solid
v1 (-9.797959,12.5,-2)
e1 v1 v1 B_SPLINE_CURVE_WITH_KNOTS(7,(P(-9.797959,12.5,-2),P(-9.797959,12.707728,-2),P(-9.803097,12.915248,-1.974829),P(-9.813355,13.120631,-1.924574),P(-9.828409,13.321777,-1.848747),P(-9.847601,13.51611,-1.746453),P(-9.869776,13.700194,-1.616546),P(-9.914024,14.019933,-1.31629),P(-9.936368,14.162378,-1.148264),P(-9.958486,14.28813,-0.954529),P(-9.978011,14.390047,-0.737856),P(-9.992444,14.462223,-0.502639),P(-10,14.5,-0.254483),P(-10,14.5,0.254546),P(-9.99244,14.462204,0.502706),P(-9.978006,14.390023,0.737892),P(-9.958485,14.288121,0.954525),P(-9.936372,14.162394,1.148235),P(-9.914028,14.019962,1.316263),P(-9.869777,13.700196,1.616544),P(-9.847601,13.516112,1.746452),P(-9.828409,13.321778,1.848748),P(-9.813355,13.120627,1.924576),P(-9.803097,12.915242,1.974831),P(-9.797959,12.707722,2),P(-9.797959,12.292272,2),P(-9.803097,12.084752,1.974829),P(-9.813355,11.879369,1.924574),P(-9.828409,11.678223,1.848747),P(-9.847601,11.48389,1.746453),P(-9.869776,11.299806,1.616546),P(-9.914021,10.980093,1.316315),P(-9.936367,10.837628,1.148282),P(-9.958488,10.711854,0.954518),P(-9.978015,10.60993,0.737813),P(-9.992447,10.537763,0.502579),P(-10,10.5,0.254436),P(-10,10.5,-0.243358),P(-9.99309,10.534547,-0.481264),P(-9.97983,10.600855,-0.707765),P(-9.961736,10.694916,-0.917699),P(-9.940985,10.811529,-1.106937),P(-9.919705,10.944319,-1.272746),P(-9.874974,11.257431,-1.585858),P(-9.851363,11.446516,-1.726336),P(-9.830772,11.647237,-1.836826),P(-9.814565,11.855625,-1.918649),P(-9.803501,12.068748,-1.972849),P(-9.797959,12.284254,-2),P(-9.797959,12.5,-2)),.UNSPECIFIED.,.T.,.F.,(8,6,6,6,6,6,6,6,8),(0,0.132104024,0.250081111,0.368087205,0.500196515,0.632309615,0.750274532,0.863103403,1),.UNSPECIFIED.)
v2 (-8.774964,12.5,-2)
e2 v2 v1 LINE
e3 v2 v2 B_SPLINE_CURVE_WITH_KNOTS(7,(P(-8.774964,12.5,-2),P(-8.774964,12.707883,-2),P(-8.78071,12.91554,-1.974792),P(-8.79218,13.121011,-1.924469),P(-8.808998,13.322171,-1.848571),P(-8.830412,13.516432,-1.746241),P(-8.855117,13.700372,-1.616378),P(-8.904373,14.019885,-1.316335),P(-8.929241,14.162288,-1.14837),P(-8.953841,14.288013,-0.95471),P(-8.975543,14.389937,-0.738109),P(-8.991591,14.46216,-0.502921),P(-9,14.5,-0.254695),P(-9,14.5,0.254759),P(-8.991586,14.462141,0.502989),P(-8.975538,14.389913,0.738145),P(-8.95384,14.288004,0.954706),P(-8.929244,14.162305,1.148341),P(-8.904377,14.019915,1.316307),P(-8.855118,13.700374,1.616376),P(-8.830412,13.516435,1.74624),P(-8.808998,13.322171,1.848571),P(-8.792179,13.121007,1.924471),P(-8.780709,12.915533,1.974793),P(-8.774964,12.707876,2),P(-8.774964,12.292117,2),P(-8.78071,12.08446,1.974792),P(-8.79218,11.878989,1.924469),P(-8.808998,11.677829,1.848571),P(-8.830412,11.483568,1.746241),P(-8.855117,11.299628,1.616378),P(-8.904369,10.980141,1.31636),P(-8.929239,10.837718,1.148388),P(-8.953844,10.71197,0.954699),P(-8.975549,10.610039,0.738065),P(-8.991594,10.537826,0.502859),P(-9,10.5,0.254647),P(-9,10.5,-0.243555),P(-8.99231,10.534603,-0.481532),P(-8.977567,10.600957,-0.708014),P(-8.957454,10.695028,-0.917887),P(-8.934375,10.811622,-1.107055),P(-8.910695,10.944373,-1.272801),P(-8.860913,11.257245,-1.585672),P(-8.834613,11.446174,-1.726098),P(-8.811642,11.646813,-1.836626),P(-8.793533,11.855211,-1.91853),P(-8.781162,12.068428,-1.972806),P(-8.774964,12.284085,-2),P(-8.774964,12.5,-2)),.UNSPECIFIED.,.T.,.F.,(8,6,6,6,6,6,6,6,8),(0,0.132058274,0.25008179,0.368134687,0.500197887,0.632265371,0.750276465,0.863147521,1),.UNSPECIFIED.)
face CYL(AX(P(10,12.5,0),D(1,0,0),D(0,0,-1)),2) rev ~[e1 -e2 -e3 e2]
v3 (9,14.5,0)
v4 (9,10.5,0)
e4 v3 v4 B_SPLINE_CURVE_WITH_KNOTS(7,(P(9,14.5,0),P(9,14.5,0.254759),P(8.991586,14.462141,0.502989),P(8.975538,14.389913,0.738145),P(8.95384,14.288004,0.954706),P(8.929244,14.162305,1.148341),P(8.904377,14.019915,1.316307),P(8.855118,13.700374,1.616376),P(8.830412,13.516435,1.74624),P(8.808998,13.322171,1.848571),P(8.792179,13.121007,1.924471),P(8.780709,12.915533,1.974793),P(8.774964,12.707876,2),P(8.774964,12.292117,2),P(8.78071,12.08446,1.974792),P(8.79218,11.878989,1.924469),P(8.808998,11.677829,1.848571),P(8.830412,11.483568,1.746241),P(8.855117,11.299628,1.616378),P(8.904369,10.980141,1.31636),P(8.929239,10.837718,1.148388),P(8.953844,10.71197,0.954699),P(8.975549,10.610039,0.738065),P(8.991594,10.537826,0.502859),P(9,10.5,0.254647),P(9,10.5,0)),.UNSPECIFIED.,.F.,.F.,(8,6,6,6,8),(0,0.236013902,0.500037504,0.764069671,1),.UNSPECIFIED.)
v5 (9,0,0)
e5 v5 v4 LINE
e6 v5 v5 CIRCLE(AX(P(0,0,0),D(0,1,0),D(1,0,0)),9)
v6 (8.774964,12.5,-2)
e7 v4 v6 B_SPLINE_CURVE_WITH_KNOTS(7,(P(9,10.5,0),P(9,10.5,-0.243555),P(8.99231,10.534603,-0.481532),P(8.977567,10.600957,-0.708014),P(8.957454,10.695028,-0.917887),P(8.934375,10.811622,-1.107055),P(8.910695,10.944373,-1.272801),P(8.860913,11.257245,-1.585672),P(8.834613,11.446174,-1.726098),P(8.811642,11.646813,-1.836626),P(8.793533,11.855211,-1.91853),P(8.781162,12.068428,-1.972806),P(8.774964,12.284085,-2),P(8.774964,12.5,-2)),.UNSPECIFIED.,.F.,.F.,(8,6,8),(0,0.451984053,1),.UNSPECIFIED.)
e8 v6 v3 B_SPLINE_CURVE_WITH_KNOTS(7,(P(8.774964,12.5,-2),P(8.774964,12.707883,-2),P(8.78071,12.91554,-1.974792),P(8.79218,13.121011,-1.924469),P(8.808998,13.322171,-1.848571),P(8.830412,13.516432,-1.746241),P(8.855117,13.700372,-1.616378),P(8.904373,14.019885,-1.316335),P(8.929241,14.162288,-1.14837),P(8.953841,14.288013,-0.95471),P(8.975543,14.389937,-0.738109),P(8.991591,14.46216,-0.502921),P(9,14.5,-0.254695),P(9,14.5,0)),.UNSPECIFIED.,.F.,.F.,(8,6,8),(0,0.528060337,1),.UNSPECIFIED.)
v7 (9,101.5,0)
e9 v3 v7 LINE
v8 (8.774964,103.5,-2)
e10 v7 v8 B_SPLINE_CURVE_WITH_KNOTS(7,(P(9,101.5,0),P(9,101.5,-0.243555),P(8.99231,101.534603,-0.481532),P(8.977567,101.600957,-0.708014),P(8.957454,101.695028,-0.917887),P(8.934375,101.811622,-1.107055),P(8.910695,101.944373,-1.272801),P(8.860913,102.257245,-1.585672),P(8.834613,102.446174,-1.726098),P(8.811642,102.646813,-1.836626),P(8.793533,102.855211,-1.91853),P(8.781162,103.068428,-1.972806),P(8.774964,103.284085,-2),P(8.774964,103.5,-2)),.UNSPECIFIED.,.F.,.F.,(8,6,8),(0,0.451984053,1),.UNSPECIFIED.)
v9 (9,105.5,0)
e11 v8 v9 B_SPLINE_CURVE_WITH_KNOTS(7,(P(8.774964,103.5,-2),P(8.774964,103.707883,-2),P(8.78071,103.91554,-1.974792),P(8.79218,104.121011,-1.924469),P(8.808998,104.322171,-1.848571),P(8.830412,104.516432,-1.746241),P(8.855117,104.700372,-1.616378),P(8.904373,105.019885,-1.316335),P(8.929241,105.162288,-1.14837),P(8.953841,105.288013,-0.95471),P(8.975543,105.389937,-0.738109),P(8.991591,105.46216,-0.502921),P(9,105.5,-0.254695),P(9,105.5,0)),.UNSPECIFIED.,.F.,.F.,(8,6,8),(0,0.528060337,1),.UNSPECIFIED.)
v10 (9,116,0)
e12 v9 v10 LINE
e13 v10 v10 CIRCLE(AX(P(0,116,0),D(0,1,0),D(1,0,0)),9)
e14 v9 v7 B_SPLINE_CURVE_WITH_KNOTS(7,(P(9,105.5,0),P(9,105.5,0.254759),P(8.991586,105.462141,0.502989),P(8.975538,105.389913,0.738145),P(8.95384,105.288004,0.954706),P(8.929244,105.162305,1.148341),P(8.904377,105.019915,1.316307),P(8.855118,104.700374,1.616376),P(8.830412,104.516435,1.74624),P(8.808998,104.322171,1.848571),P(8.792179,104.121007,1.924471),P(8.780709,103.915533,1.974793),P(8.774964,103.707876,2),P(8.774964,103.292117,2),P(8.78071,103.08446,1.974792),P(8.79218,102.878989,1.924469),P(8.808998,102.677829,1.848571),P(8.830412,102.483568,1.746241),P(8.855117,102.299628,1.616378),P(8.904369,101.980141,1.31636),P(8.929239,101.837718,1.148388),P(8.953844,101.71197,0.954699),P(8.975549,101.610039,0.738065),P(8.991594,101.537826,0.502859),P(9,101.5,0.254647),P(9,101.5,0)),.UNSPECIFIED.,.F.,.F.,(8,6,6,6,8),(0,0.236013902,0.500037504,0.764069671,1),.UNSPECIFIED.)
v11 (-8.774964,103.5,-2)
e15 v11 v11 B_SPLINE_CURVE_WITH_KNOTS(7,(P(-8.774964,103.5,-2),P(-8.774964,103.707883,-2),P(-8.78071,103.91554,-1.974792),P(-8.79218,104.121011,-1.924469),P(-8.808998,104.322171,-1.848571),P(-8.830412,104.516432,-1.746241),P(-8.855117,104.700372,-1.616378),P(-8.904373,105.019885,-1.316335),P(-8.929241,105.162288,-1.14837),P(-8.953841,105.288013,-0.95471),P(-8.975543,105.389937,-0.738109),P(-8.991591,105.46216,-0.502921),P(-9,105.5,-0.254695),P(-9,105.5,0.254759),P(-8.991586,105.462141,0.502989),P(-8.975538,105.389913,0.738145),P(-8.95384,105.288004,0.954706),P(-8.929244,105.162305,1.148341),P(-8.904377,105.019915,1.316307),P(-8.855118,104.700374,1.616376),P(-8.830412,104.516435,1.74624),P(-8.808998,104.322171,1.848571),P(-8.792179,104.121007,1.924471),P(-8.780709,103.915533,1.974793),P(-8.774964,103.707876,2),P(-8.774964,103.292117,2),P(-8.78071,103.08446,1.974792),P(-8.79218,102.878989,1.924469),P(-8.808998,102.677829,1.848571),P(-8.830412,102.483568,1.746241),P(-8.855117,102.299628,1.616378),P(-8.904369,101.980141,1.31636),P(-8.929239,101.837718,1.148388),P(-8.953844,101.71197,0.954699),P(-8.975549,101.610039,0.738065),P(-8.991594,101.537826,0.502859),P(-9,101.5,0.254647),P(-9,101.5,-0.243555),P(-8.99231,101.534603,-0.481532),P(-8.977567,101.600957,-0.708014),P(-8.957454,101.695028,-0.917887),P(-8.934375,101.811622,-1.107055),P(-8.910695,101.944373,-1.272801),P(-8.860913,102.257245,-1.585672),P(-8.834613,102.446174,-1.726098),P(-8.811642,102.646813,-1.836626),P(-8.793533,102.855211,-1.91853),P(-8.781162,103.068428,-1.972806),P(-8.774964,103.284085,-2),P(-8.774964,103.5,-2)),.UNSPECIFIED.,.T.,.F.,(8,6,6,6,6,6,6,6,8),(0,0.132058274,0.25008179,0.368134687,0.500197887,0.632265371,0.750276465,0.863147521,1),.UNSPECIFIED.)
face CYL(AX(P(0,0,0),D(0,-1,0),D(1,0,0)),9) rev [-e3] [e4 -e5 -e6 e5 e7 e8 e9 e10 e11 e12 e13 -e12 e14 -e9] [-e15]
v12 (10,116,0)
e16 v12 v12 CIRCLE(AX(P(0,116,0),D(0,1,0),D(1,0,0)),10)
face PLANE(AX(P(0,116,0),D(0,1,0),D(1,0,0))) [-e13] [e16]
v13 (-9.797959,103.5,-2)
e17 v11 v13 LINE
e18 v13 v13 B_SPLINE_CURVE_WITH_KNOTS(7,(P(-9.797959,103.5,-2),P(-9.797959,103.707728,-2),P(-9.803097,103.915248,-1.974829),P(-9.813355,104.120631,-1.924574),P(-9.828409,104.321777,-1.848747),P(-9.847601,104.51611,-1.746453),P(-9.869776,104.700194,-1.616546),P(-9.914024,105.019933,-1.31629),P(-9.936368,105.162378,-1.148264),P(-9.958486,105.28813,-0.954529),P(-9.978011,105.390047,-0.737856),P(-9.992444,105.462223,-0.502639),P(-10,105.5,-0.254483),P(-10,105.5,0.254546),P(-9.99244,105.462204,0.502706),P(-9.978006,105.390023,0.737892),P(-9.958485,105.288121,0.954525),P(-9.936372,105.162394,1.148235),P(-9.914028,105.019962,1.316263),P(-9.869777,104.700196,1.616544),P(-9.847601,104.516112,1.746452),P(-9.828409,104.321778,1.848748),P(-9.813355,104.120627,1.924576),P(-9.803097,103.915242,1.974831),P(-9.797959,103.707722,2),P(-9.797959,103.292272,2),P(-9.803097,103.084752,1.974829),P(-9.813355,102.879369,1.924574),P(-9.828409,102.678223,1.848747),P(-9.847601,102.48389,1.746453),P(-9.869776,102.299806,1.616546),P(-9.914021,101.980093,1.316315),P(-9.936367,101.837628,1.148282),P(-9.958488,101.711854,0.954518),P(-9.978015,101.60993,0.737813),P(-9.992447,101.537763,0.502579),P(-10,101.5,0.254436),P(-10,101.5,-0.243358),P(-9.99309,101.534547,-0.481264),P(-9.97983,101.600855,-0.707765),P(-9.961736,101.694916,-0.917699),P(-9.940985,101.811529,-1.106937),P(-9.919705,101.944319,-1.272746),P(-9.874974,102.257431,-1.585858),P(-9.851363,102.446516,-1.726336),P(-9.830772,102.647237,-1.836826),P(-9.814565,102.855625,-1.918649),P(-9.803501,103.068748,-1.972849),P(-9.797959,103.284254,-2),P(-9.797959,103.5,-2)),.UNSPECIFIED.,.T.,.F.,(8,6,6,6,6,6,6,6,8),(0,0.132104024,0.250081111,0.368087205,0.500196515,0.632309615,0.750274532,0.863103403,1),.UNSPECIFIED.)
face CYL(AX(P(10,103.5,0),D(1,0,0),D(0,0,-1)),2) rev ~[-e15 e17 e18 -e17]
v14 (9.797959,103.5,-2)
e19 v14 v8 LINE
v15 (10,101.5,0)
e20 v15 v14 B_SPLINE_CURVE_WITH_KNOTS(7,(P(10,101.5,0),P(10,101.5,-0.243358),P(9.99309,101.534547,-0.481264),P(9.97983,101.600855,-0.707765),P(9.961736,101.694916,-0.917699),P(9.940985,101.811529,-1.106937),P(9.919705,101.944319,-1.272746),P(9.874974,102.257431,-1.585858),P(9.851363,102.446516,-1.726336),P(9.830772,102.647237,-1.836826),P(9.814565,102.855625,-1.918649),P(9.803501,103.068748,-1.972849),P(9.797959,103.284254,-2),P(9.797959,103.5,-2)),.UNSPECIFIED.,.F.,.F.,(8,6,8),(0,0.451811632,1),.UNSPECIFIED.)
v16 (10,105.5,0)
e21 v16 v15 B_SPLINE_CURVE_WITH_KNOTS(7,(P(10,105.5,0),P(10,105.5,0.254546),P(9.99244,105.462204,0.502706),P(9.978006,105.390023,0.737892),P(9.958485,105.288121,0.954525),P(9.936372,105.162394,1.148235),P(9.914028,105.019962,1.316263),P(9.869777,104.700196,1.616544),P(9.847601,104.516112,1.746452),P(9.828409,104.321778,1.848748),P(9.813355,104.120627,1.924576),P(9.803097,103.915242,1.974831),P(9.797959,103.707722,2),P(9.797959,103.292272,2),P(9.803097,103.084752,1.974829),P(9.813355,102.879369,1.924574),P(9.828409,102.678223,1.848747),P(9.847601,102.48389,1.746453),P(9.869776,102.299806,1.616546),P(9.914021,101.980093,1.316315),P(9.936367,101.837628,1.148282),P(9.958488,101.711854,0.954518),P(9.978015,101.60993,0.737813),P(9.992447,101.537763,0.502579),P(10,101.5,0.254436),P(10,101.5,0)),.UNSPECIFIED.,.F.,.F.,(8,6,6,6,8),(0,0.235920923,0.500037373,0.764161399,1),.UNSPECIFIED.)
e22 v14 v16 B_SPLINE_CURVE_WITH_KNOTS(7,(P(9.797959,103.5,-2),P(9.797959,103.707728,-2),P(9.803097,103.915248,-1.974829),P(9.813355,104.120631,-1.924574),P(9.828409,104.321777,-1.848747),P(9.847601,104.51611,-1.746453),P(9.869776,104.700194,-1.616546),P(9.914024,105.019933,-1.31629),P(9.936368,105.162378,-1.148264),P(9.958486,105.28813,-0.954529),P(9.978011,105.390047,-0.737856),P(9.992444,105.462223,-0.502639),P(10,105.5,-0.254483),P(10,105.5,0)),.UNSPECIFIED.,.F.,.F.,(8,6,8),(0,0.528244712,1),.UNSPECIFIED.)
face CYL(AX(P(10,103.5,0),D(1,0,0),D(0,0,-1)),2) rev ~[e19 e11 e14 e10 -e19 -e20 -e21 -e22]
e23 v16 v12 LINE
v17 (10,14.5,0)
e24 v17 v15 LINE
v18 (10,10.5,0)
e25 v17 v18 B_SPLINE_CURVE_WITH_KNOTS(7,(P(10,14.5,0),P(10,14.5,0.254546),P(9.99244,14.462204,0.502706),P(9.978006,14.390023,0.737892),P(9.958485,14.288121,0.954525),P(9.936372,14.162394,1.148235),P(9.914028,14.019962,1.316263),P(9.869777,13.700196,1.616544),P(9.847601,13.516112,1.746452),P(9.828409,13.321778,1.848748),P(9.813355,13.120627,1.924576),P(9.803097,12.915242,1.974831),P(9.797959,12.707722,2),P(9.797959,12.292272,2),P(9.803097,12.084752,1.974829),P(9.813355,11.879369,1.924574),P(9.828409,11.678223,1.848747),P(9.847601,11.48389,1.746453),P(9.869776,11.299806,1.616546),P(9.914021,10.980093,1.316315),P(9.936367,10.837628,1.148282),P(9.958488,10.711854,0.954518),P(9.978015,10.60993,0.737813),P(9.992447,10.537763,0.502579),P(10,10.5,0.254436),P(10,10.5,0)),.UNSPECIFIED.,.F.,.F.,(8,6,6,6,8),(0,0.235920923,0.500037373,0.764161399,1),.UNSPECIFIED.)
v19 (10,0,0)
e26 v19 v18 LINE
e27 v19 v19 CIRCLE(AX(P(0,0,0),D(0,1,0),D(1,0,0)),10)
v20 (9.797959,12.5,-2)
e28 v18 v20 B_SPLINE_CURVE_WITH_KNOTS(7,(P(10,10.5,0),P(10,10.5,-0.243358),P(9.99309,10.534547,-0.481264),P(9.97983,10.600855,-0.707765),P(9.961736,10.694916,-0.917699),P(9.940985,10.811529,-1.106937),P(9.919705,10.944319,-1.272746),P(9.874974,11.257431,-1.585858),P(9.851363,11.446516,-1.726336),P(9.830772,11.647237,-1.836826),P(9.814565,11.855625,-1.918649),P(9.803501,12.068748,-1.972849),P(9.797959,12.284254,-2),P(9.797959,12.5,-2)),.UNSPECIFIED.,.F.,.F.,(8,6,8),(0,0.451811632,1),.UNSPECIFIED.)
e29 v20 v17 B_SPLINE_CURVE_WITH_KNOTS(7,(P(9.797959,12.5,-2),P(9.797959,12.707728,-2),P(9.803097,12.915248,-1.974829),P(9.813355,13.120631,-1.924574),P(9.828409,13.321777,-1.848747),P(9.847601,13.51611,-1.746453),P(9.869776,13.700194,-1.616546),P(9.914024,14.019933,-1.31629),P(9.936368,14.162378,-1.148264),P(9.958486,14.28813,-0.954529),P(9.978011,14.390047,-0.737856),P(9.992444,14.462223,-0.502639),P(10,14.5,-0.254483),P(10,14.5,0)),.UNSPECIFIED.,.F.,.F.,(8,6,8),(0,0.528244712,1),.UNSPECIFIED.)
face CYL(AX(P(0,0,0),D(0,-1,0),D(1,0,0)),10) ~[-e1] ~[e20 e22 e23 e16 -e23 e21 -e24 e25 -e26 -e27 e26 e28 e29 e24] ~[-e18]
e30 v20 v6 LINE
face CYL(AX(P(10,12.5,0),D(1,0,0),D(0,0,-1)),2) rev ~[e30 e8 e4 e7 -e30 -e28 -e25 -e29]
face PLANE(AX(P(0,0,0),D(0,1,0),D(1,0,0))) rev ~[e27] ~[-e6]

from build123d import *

# Parameters (mm, degrees)
SKETCH1_R           = 10
SKETCH1_R_2         = 9
BOSS_EXTRUDE1_DEPTH = 116
SKETCH3_R           = 2
CUT_EXTRUDE2_DEPTH  = 21


with BuildPart() as part:
    # Sketch1 → Boss-Extrude1 (new body)
    with BuildSketch(Plane(origin=(0, 0, 0), x_dir=(1, 0, 0), z_dir=(0, 1, 0))):
        Circle(SKETCH1_R)
        Circle(SKETCH1_R_2, mode=Mode.SUBTRACT)
    extrude(amount=BOSS_EXTRUDE1_DEPTH)

    # Sketch3 → Cut-Extrude2 (cut, through all)
    with BuildSketch(Plane(origin=(10, 0, 0), x_dir=(0, 0, -1), z_dir=(1, 0, 0))):
        with Locations((0, 103.5)):
            Circle(SKETCH3_R)
        with Locations((0, 12.5)):
            Circle(SKETCH3_R)
    extrude(amount=-CUT_EXTRUDE2_DEPTH, mode=Mode.SUBTRACT)


solid = part.part
